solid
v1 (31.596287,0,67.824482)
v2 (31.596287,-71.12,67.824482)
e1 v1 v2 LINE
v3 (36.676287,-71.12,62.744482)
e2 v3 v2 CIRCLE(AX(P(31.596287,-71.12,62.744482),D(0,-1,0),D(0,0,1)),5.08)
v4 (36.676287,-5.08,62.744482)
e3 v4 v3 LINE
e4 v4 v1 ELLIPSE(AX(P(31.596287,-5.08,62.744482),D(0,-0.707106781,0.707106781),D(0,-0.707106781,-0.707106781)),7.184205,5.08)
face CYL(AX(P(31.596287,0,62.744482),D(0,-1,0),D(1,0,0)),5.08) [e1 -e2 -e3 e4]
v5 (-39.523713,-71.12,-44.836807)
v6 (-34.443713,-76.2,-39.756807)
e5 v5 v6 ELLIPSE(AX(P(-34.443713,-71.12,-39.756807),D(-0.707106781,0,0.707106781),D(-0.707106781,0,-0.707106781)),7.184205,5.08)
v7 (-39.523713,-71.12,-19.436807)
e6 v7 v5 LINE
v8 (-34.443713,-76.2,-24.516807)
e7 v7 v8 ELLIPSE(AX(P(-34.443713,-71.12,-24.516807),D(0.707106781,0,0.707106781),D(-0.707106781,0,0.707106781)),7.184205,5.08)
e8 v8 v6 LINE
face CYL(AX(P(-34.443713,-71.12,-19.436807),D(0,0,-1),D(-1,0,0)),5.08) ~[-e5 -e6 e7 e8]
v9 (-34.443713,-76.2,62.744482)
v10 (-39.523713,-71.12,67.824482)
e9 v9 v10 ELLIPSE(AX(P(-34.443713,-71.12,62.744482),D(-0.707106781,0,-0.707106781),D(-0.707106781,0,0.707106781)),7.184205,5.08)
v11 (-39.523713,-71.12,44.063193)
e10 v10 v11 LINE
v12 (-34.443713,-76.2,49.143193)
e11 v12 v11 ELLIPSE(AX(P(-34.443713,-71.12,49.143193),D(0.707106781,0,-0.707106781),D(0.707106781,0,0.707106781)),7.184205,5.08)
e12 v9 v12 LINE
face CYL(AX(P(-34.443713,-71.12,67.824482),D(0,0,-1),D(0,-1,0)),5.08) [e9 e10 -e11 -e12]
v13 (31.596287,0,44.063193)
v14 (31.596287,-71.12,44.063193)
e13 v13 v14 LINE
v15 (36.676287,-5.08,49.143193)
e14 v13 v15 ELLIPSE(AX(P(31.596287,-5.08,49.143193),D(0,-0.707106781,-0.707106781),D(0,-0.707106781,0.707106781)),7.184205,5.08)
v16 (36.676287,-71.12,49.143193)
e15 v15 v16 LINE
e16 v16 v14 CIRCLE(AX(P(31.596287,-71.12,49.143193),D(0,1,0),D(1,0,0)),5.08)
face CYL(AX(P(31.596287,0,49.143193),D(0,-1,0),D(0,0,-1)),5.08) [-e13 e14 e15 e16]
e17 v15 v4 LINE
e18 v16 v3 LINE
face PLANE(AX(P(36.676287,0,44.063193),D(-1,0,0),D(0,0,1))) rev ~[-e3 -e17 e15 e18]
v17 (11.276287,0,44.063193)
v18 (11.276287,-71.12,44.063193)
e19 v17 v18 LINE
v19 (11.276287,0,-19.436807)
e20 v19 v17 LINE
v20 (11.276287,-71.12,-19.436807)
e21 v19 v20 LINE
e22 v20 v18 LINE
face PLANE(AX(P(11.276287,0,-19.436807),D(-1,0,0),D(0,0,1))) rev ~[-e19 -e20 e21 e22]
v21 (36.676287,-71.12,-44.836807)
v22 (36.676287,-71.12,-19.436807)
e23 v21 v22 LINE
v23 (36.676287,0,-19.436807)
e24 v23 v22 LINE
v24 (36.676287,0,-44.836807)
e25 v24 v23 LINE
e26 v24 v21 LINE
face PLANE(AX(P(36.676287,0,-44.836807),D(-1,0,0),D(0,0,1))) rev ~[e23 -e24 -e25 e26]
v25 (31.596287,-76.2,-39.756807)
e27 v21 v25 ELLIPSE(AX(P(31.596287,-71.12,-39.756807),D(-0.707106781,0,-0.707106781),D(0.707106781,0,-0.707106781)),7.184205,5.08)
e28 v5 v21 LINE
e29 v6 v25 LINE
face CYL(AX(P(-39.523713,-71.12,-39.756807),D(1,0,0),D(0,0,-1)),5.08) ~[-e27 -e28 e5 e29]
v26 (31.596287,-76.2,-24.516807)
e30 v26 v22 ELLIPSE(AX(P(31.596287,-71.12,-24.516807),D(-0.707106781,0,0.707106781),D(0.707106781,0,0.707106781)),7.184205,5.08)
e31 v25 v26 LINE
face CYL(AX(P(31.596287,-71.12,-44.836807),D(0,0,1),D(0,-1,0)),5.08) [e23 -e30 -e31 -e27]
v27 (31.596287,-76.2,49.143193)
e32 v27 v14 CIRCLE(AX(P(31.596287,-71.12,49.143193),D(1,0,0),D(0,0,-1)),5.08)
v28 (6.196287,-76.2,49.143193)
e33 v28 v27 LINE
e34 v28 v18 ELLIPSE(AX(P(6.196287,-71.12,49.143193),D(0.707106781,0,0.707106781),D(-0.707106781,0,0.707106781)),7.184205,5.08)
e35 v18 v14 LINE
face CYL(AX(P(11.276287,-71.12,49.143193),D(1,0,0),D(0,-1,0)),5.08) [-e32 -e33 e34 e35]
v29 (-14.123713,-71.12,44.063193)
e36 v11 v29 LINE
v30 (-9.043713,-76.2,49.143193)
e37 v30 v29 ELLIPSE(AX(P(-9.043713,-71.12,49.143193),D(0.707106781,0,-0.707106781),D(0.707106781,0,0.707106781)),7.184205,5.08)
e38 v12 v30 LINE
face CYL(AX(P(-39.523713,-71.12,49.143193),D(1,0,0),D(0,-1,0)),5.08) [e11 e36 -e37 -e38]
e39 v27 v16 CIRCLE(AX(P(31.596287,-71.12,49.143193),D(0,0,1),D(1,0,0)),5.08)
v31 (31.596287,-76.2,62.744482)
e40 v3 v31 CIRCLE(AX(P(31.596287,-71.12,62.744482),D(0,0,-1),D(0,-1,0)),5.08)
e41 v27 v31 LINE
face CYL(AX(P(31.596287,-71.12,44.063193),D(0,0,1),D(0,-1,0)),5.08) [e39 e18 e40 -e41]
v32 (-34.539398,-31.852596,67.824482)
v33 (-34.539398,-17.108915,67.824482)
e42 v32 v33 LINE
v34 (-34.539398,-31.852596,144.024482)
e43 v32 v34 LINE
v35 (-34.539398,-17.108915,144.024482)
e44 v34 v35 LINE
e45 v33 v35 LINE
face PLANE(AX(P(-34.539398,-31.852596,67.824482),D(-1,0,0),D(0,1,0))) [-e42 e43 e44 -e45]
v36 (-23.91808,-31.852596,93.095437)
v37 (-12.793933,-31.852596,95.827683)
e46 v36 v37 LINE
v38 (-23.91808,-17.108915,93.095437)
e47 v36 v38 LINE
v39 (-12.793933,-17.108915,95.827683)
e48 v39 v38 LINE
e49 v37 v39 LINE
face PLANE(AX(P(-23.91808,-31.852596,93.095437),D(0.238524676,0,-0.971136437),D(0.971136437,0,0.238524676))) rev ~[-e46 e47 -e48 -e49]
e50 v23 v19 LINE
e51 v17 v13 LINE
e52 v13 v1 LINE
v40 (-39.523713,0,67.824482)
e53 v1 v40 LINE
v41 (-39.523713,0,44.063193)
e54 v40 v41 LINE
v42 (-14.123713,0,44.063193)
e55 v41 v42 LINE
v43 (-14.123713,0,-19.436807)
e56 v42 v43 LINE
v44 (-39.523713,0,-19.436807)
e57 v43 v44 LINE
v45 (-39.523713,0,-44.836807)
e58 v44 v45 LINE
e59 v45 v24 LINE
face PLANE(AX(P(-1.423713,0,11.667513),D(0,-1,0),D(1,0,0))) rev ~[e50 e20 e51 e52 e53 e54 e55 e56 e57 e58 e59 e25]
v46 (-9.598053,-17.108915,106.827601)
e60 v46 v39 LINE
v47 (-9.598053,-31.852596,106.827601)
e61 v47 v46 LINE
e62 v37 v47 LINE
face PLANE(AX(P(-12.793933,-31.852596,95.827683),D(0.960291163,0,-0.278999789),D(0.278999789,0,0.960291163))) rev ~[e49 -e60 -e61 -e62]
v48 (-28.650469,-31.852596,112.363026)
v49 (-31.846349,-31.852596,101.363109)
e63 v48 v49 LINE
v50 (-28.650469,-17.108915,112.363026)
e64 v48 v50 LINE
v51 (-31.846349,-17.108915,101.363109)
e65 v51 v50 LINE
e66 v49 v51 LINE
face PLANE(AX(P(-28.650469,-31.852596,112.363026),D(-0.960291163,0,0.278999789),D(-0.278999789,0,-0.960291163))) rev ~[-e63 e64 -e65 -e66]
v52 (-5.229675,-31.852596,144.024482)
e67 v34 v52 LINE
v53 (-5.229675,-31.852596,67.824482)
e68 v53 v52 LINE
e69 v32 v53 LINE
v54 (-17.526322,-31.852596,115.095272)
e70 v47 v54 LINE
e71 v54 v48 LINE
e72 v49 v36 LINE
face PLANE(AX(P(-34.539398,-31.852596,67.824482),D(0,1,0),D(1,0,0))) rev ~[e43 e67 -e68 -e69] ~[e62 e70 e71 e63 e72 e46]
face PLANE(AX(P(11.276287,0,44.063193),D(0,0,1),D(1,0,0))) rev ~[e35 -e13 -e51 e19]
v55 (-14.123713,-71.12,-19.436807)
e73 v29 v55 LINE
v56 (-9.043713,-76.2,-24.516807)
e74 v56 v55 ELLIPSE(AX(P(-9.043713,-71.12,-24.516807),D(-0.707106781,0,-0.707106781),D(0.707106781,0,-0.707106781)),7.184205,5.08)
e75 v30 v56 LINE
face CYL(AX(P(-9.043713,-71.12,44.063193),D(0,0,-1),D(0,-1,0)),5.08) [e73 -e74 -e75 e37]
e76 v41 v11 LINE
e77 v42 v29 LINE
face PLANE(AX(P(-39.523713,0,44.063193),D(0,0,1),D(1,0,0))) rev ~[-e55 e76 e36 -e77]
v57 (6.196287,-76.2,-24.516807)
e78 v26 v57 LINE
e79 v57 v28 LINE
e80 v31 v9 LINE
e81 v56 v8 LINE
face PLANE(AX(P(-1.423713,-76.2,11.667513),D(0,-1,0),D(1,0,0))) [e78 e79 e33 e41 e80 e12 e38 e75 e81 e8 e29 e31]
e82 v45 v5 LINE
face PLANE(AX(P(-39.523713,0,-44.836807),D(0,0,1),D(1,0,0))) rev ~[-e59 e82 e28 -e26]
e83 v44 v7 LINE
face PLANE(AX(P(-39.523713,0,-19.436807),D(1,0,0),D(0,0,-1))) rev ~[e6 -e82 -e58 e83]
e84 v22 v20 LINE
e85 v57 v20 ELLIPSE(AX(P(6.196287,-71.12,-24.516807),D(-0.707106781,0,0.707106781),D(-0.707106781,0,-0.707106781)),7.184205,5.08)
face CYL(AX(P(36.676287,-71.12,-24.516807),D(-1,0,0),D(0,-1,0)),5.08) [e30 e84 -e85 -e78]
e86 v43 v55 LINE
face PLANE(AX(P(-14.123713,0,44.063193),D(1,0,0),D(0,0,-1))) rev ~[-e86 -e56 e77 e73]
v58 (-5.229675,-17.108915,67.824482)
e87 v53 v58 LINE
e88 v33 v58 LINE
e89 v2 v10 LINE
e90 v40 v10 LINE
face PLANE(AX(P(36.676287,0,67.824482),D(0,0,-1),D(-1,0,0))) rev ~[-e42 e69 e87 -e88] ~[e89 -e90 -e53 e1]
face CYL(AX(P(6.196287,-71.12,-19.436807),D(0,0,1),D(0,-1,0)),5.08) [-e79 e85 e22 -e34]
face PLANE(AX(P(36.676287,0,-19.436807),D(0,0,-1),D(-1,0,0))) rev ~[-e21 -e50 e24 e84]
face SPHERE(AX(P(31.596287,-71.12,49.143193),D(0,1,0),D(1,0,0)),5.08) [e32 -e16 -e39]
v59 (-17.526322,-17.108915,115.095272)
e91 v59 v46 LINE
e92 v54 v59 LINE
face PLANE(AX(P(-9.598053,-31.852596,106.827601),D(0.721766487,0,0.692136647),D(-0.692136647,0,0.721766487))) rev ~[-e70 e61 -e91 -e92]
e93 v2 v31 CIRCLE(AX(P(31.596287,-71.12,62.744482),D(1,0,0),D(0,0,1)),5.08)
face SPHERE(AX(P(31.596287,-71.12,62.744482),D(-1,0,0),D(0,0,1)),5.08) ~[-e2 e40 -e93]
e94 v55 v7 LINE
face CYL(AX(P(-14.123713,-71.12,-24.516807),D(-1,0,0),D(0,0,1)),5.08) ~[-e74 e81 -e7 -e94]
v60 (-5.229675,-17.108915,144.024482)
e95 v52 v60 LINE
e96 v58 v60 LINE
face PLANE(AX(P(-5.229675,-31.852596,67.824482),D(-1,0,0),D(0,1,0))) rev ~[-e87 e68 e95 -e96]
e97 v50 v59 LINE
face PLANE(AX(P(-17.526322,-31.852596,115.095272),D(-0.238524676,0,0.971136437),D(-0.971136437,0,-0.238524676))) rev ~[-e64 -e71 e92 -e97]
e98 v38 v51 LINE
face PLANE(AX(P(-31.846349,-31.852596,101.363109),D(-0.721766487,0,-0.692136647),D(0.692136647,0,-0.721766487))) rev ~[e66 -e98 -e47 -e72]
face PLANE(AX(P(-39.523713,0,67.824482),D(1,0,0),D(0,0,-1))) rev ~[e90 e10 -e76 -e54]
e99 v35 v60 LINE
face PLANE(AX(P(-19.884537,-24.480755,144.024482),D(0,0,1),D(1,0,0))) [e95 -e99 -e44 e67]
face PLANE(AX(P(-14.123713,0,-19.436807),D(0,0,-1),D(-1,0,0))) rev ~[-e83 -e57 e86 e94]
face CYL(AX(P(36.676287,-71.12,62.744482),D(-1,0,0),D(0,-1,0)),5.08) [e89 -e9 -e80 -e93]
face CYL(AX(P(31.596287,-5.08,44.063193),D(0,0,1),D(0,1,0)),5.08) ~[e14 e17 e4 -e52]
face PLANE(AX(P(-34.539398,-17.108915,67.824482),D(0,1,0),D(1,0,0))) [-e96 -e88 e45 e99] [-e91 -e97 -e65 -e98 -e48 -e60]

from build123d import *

# Parameters (mm, degrees)
F1_DEPTH = 76.2
F2_W     = 29.3097225949
F2_H     = 14.7436801344
F3_DEPTH = 76.2
F5_DEPTH = 31.8535955081
F6_R     = 5.08


with BuildPart() as f1:
    # F0 (on Front) → F1 (new body)
    with BuildSketch(Plane.XZ):
        Polygon((-39.5237128198, -19.4368070878), (-39.5237128198, -44.8368070878), (36.6762871802, -44.8368070878), (36.6762871802, -19.4368070878), (11.2762871802, -19.4368070878), (11.2762871802, 44.0631929122), (36.6762871802, 44.0631929122), (36.6762871802, 67.8244820096), (-39.5237128198, 67.8244820096), (-39.5237128198, 44.0631929122), (-14.1237131261, 44.0631929122), (-14.1237131261, -19.4368070878), align=None)
    extrude(amount=F1_DEPTH)

    # F2 (on face) → F3 (join)
    with BuildSketch(Plane.XY.offset(67.8244820096)):
        with Locations((-19.8845365085, -24.4807554409)):
            Rectangle(F2_W, F2_H)
    extrude(amount=F3_DEPTH)

    # F4 (on face) → F5 (cut, through all)
    with BuildSketch(Plane.XZ.offset(31.8525955081)):
        Polygon((-17.5263217899, 115.0952721356), (-28.6504694012, 112.3630260708), (-31.8463487054, 101.3631086114), (-23.9180803982, 93.0954372169), (-12.7939327868, 95.8276832817), (-9.5980534826, 106.8276007411), align=None)
    extrude(amount=-F5_DEPTH, mode=Mode.SUBTRACT)

    # F6
    f6_edges = [f1.edges().sort_by_distance(p)[0] for p in [
        (-1.423713, -76.2, 67.824482),
        (36.676287, -38.1, 67.824482),
        (36.676287, -38.1, 44.063193),
        (36.676287, 0, 55.943837),
        (36.676287, -76.2, 55.943837),
        (-26.823713, -76.2, 44.063193),
        (-14.123713, -76.2, 12.313193),
        (-26.823713, -76.2, -19.436807),
        (-39.523713, -76.2, -32.136807),
        (-1.423713, -76.2, -44.836807),
        (36.676287, -76.2, -32.136807),
        (23.976287, -76.2, -19.436807),
        (11.276287, -76.2, 12.313193),
        (23.976287, -76.2, 44.063193),
        (-39.523713, -76.2, 55.943837),
    ]]
    fillet(f6_edges, radius=F6_R)


solid = f1.part
